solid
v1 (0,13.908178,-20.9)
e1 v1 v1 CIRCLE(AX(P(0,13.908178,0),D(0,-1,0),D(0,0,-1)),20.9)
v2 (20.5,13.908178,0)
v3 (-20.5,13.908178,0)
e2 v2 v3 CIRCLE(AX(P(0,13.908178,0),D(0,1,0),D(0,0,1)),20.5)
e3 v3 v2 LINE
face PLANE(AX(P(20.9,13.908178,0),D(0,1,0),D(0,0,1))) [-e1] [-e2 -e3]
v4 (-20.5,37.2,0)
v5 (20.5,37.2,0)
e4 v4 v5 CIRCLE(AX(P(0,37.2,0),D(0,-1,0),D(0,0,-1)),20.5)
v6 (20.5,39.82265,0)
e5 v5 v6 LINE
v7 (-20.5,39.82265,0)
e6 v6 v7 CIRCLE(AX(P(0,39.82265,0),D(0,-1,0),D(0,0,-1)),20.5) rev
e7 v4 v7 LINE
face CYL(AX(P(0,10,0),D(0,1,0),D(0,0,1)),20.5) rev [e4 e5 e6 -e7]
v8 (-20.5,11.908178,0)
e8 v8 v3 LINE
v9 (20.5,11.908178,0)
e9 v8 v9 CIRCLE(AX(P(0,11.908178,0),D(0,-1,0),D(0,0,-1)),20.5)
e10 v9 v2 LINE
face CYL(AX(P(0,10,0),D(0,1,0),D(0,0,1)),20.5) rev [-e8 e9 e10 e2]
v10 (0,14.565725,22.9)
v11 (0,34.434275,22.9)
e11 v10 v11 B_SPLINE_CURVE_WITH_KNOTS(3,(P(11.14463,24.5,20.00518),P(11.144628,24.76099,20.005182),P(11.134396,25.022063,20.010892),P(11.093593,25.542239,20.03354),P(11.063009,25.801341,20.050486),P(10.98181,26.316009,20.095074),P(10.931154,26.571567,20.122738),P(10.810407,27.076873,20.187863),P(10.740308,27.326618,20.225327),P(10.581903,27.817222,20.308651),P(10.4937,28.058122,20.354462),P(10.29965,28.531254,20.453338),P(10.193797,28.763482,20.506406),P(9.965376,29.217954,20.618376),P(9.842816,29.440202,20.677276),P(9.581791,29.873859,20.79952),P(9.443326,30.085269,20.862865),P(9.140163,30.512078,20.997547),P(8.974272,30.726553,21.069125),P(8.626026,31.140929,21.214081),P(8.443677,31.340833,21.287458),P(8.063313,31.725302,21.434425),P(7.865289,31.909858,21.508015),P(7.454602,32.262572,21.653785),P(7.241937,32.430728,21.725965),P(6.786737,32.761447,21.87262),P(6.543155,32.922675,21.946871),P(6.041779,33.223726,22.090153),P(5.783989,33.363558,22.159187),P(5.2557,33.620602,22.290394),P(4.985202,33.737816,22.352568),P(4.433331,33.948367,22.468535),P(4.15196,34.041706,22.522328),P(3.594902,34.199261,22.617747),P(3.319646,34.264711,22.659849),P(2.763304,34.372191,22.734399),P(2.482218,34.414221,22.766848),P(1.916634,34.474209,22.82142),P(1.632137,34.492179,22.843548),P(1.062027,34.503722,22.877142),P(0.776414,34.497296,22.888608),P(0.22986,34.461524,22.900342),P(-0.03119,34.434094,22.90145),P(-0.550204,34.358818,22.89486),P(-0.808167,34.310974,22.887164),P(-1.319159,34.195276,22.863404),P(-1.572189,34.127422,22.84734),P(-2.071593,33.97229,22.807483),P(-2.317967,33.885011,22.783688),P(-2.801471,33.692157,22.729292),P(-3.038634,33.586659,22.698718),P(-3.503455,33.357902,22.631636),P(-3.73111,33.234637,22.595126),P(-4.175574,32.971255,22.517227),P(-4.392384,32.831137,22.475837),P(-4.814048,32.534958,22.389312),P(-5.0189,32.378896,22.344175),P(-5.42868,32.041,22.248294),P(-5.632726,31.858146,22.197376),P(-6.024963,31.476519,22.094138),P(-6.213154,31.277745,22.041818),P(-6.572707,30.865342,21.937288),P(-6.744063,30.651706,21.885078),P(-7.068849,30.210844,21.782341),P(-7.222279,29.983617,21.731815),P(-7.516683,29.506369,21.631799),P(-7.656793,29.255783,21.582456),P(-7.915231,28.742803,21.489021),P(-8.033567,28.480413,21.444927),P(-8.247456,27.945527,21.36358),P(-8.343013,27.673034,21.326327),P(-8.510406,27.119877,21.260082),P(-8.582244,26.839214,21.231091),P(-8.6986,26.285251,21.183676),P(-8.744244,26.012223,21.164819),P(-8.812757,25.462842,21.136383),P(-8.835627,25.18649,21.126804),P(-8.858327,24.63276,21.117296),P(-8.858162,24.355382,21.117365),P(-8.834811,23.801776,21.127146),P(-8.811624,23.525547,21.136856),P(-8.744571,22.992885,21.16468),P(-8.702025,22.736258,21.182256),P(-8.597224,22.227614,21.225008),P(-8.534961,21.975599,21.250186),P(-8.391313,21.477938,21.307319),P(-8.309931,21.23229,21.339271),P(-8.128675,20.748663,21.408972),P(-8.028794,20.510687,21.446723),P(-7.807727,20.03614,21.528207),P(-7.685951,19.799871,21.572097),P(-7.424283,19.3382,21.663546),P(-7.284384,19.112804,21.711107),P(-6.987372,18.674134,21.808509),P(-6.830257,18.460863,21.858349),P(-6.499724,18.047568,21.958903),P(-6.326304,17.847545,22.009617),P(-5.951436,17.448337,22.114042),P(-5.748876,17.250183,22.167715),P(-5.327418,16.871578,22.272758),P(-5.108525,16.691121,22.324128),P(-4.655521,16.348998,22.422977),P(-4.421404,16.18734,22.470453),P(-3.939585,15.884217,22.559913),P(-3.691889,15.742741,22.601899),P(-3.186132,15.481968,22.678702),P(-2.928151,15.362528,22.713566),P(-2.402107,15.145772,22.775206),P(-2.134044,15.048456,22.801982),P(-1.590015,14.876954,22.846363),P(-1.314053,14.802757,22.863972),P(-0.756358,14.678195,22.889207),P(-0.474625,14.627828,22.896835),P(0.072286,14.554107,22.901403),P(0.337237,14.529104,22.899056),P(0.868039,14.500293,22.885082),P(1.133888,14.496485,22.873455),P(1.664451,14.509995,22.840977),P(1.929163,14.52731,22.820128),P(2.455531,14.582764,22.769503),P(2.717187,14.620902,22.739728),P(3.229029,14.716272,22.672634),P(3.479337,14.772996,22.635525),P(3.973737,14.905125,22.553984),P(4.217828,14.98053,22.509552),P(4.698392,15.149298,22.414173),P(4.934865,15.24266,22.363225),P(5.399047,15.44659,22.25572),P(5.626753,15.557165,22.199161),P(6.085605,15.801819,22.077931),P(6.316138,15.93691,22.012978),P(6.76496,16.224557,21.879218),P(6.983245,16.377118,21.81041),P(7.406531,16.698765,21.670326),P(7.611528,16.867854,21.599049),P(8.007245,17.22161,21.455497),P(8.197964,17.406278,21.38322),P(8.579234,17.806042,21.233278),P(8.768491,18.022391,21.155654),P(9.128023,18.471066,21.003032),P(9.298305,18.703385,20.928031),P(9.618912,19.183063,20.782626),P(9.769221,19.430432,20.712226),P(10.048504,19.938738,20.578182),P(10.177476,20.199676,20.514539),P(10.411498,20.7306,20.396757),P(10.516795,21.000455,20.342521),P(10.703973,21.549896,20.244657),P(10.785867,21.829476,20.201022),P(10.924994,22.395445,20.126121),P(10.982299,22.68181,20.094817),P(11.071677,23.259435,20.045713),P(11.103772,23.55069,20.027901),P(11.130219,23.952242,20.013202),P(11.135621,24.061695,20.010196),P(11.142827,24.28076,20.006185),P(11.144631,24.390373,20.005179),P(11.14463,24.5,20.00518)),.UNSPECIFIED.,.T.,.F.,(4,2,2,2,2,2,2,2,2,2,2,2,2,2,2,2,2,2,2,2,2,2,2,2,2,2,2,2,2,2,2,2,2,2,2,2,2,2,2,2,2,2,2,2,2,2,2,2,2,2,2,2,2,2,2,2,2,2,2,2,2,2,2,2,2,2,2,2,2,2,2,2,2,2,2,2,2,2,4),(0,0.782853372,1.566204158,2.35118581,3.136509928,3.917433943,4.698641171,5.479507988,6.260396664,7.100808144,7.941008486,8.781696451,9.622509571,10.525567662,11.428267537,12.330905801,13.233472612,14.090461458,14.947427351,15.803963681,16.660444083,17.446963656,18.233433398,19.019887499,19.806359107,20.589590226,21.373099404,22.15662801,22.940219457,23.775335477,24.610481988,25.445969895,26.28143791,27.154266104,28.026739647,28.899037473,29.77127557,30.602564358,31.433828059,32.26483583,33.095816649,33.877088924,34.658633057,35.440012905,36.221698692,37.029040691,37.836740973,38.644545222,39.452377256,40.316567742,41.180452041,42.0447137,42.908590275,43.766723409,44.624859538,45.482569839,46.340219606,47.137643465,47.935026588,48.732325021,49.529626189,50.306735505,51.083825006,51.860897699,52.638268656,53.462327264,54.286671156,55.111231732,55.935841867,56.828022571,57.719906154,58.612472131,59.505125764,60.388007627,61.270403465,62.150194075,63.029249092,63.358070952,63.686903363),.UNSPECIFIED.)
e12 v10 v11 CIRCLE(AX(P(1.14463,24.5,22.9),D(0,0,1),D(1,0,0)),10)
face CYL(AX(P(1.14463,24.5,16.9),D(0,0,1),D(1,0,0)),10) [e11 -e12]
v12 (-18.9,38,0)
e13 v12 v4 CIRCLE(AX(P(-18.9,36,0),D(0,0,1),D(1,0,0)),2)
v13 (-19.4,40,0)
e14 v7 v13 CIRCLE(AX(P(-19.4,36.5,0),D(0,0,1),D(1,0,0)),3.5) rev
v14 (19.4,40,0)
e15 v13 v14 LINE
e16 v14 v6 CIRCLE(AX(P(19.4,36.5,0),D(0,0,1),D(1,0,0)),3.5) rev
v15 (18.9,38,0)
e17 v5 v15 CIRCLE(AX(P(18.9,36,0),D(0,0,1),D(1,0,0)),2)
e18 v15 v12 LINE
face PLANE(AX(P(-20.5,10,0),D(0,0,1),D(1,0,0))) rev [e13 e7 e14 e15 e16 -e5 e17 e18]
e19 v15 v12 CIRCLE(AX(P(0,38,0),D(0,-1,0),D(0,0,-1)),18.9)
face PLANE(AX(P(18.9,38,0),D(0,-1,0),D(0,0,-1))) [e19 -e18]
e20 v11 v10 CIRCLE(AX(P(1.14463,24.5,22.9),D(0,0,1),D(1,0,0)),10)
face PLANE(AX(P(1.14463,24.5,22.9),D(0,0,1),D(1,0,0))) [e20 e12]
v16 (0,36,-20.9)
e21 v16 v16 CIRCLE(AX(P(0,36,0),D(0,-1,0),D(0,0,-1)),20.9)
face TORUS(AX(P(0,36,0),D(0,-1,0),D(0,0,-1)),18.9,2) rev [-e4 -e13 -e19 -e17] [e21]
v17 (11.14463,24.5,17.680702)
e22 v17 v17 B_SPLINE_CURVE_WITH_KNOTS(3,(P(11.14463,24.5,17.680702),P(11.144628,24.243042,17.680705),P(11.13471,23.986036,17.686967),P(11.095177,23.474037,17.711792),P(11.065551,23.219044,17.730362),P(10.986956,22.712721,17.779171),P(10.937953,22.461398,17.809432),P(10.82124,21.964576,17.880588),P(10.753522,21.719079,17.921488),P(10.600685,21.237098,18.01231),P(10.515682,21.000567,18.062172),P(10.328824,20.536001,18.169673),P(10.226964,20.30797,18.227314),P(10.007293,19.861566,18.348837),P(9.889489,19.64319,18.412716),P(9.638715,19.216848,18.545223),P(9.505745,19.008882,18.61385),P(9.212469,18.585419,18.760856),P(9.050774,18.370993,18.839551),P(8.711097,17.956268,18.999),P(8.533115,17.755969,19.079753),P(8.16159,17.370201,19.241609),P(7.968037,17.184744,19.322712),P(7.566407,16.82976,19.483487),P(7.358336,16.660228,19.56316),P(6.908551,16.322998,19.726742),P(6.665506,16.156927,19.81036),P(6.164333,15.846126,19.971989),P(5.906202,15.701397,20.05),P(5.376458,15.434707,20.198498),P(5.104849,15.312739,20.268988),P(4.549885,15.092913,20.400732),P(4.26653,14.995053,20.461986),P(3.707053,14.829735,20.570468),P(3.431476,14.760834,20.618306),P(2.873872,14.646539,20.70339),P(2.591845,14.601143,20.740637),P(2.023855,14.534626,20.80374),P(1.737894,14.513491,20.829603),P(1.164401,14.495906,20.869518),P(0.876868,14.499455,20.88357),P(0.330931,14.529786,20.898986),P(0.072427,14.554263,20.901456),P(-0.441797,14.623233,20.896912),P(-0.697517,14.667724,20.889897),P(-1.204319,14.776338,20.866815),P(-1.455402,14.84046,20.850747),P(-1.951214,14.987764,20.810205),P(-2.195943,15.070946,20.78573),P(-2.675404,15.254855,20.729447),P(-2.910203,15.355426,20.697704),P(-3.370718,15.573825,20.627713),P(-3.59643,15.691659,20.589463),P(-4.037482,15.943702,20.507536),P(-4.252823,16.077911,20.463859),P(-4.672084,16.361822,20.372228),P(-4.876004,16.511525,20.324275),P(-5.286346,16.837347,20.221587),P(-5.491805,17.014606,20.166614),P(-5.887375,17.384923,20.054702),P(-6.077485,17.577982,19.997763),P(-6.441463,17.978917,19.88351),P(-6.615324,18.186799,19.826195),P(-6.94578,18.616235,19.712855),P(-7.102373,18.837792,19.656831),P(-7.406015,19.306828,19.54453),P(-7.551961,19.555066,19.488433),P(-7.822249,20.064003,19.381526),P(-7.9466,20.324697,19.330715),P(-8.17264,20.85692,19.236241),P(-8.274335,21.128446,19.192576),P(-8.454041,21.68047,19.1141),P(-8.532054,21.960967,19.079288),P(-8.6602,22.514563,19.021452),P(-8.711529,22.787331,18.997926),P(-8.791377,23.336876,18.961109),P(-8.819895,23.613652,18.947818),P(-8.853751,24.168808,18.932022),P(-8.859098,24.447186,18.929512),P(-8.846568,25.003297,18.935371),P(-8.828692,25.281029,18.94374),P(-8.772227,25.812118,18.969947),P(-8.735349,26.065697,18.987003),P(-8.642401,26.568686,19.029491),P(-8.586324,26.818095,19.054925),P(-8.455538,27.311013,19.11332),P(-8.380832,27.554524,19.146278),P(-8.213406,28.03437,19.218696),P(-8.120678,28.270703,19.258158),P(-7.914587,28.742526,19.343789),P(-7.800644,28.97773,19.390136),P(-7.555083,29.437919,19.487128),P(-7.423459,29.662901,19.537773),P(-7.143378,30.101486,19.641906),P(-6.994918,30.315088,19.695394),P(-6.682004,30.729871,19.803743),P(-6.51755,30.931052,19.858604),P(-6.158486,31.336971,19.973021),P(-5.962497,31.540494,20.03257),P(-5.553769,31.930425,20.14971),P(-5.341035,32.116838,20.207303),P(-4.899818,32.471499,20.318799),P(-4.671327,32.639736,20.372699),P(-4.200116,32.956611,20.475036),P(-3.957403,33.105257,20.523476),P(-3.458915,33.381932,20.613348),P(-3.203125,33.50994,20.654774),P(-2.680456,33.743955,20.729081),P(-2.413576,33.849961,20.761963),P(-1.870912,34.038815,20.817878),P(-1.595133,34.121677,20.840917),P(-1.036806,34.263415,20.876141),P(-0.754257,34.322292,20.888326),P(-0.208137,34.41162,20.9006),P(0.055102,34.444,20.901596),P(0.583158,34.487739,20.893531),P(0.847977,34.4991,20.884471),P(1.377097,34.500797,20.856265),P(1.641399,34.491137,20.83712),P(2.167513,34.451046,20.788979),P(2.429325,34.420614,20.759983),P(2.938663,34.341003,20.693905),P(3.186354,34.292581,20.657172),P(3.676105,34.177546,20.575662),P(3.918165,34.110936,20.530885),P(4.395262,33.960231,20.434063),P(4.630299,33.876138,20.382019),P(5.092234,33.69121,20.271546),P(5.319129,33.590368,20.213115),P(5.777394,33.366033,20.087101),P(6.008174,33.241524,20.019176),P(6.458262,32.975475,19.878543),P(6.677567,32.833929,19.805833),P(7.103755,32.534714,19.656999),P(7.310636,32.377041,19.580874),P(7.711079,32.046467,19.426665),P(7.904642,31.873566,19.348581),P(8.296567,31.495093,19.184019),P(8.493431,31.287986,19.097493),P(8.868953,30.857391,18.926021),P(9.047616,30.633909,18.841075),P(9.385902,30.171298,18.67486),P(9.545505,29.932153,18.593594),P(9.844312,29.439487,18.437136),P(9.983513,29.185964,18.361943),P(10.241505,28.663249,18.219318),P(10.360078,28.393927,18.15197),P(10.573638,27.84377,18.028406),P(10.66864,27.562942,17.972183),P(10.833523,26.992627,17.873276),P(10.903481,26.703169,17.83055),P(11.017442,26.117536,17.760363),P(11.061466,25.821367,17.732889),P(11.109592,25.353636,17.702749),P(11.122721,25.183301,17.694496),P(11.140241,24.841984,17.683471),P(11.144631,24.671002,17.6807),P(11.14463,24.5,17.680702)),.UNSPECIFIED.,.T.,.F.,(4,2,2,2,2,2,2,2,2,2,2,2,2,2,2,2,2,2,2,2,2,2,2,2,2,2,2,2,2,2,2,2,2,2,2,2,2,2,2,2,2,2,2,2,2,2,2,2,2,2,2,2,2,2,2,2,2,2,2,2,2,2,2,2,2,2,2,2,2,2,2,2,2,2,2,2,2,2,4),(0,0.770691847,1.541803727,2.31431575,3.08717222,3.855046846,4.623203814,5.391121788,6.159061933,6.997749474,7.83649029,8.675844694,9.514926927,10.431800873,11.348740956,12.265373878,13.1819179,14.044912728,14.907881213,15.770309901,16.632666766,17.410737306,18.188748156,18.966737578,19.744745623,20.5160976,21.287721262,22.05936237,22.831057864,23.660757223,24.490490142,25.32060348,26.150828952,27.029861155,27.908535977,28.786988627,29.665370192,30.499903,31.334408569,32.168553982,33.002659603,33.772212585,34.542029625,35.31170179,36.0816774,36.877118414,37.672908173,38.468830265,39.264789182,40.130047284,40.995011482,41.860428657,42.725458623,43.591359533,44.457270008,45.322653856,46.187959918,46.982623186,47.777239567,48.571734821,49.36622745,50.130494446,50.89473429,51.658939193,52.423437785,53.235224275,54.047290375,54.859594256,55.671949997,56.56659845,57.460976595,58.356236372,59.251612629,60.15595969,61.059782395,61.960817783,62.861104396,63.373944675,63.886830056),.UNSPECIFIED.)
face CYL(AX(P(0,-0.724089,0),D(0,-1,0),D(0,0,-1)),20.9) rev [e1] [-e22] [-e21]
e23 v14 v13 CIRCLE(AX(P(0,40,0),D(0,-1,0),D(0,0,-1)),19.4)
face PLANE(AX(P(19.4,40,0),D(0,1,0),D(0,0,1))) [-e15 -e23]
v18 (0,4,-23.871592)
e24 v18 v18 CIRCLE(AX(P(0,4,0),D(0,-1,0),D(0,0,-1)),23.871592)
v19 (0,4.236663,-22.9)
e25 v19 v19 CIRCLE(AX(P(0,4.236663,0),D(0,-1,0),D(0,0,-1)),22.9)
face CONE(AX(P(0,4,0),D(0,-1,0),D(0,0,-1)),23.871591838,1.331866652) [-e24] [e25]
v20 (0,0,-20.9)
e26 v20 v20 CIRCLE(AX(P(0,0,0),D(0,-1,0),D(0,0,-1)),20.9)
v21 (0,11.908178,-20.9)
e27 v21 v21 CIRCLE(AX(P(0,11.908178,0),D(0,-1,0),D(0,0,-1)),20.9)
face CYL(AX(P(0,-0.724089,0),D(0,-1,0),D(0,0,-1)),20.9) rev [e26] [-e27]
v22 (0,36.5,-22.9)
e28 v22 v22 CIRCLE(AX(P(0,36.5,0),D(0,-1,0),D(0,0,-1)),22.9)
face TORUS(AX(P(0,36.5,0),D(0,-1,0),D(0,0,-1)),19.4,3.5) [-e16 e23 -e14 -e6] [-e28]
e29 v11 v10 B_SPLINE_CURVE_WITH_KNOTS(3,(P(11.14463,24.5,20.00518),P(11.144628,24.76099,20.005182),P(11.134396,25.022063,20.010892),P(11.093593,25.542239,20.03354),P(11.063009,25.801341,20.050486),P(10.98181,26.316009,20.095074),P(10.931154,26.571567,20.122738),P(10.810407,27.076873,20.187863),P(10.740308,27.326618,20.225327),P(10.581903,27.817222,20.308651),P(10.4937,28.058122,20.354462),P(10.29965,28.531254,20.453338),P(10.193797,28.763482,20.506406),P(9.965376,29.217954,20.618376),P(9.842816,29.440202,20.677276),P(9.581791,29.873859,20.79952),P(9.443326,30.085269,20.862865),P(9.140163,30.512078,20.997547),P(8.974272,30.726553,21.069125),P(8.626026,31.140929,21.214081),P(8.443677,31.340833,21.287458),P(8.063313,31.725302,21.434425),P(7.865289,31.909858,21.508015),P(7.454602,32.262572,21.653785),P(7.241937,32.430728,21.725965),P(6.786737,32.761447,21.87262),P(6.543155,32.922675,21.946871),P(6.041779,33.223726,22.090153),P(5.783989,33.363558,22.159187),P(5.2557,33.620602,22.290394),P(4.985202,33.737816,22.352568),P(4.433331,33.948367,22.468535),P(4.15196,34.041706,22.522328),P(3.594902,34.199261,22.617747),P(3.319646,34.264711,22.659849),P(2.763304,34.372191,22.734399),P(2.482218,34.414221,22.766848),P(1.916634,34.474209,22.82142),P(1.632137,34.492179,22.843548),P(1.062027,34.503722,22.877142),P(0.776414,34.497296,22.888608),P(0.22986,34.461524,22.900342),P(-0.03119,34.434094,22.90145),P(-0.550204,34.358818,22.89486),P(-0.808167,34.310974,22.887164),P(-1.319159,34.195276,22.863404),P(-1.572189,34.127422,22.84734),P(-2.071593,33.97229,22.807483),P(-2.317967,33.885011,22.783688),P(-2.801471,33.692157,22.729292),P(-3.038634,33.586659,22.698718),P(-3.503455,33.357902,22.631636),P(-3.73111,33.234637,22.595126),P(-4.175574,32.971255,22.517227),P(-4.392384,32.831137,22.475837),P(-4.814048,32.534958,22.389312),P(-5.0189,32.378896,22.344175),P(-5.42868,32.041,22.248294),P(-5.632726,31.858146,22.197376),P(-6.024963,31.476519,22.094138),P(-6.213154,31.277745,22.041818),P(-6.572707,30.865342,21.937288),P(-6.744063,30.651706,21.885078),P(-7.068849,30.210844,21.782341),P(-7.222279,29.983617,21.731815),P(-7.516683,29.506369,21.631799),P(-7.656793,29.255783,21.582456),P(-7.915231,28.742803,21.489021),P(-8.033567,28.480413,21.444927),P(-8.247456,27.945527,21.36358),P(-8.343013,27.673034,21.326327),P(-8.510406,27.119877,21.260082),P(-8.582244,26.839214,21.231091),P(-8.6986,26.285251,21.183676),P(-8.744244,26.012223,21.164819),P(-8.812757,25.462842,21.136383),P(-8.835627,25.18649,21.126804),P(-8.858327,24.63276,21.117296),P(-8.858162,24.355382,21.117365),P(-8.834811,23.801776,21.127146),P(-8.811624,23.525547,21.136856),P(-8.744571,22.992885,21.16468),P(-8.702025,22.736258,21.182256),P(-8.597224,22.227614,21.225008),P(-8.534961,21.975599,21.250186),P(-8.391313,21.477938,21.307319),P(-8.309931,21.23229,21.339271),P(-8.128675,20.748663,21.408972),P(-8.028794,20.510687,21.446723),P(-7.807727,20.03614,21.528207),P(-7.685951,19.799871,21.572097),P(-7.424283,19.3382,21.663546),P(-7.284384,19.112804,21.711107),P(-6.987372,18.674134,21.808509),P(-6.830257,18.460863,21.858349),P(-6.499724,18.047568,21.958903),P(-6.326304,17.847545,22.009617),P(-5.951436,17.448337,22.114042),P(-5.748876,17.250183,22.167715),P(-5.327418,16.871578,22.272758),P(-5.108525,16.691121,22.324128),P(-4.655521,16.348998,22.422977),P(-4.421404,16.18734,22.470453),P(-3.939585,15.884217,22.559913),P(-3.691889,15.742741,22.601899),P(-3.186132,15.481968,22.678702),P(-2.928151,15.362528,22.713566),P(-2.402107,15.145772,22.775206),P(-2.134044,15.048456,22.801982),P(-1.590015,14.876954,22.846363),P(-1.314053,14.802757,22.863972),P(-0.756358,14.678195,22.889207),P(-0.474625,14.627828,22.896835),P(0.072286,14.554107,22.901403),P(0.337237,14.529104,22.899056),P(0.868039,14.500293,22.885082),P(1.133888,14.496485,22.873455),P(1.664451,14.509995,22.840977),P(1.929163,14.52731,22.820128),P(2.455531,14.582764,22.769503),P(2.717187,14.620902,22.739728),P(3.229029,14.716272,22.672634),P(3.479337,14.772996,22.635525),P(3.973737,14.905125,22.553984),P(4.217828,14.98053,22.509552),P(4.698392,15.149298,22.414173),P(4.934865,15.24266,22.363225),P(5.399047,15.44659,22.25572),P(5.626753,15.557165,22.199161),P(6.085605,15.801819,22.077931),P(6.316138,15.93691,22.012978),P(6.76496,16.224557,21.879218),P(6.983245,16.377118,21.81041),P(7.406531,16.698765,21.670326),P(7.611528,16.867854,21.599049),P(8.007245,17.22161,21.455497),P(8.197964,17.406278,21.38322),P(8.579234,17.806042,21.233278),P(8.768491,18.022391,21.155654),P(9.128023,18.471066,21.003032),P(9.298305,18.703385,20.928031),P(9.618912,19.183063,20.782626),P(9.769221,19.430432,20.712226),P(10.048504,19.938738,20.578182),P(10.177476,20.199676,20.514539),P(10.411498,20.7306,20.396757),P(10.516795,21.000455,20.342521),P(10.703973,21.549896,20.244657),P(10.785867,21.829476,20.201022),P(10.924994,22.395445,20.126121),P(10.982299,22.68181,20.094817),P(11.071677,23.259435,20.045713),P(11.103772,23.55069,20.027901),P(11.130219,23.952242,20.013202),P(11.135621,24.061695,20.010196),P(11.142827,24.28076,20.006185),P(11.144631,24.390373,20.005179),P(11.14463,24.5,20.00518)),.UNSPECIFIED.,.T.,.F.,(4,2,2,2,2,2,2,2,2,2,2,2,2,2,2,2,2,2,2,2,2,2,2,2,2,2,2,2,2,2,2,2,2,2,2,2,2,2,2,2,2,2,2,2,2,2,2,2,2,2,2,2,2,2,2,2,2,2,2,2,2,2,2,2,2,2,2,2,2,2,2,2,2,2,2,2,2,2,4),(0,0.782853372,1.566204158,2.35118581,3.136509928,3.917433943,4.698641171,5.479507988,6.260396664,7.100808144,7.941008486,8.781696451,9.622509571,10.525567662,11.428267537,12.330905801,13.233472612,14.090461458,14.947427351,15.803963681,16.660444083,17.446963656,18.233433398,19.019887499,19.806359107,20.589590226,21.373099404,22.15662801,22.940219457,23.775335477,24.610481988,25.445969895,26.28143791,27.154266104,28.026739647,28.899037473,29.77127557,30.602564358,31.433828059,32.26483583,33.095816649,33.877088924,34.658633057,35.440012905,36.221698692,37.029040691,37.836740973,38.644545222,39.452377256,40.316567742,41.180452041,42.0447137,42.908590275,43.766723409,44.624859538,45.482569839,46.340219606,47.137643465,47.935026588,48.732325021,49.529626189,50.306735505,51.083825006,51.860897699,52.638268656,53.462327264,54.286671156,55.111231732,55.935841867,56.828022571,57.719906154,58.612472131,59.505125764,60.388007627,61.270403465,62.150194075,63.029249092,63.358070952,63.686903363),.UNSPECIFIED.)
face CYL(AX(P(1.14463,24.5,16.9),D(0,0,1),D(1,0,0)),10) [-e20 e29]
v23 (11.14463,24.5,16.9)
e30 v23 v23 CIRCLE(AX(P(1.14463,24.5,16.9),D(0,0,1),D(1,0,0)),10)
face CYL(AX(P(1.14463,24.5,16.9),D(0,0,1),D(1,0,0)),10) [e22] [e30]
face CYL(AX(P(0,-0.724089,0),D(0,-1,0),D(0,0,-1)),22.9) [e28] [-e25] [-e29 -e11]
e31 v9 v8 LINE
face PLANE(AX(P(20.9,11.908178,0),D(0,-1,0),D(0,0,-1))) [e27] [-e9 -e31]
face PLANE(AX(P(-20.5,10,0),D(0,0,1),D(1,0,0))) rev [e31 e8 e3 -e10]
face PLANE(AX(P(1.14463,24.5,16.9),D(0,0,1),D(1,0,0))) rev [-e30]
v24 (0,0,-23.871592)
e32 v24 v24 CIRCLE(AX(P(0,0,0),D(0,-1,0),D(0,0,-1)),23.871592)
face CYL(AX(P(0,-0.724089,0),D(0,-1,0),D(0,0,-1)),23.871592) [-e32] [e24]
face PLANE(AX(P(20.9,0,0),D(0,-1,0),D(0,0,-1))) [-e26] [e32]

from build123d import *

# Parameters (mm, degrees)
SKETCH4_R           = 10
BOSS_EXTRUDE2_DEPTH = 6
CUT_EXTRUDE2_DEPTH  = 30


with BuildPart() as part:
    # Sketch1 → Revolve1 (revolve)
    with BuildSketch(Plane.XY, mode=Mode.PRIVATE) as revolve1_sk:
        with BuildLine():
            Line((20.9, 0), (23.871591838, 0))
            Line((23.871591838, 0), (23.871591838, 4))
            Line((23.871591838, 4), (22.9, 4.236662843))
            Line((22.9, 4.236662843), (22.9, 36.5))
            ThreePointArc((22.9, 36.5), (21.874873734, 38.974873734), (19.4, 40))
            Line((19.4, 40), (0, 40))
            Line((0, 40), (0, 38))
            Line((0, 38), (18.9, 38))
            ThreePointArc((18.9, 38), (20.314213562, 37.414213562), (20.9, 36))
            Line((20.9, 36), (20.9, 13.908178136))
            Line((20.9, 13.908178136), (0, 13.908178136))
            Line((0, 13.908178136), (0, 11.908178136))
            Line((0, 11.908178136), (20.9, 11.908178136))
            Line((20.9, 11.908178136), (20.9, 0))
        make_face()
    revolve(revolve1_sk.sketch.rotate(Axis((0, -0.724089275, 0), (0, 1, 0)), 90), axis=Axis((0, -0.724089275, 0), (0, 1, 0)))

    # Sketch4 → Boss-Extrude2 (add)
    with BuildSketch(Plane.XY.offset(22.9)):
        with Locations((1.144629865, 24.5)):
            Circle(SKETCH4_R)
    extrude(amount=-BOSS_EXTRUDE2_DEPTH)

    # Sketch9 → Cut-Extrude2 (cut)
    with BuildSketch(Plane(origin=(0, 40, 0), x_dir=(1, 0, 0), z_dir=(0, 1, 0))):
        with BuildLine():
            Line((-20.5, 0), (20.5, 0))
            ThreePointArc((20.5, 0), (0, 20.5), (-20.5, 0))
        make_face()
    extrude(amount=-CUT_EXTRUDE2_DEPTH, mode=Mode.SUBTRACT)


solid = part.part
